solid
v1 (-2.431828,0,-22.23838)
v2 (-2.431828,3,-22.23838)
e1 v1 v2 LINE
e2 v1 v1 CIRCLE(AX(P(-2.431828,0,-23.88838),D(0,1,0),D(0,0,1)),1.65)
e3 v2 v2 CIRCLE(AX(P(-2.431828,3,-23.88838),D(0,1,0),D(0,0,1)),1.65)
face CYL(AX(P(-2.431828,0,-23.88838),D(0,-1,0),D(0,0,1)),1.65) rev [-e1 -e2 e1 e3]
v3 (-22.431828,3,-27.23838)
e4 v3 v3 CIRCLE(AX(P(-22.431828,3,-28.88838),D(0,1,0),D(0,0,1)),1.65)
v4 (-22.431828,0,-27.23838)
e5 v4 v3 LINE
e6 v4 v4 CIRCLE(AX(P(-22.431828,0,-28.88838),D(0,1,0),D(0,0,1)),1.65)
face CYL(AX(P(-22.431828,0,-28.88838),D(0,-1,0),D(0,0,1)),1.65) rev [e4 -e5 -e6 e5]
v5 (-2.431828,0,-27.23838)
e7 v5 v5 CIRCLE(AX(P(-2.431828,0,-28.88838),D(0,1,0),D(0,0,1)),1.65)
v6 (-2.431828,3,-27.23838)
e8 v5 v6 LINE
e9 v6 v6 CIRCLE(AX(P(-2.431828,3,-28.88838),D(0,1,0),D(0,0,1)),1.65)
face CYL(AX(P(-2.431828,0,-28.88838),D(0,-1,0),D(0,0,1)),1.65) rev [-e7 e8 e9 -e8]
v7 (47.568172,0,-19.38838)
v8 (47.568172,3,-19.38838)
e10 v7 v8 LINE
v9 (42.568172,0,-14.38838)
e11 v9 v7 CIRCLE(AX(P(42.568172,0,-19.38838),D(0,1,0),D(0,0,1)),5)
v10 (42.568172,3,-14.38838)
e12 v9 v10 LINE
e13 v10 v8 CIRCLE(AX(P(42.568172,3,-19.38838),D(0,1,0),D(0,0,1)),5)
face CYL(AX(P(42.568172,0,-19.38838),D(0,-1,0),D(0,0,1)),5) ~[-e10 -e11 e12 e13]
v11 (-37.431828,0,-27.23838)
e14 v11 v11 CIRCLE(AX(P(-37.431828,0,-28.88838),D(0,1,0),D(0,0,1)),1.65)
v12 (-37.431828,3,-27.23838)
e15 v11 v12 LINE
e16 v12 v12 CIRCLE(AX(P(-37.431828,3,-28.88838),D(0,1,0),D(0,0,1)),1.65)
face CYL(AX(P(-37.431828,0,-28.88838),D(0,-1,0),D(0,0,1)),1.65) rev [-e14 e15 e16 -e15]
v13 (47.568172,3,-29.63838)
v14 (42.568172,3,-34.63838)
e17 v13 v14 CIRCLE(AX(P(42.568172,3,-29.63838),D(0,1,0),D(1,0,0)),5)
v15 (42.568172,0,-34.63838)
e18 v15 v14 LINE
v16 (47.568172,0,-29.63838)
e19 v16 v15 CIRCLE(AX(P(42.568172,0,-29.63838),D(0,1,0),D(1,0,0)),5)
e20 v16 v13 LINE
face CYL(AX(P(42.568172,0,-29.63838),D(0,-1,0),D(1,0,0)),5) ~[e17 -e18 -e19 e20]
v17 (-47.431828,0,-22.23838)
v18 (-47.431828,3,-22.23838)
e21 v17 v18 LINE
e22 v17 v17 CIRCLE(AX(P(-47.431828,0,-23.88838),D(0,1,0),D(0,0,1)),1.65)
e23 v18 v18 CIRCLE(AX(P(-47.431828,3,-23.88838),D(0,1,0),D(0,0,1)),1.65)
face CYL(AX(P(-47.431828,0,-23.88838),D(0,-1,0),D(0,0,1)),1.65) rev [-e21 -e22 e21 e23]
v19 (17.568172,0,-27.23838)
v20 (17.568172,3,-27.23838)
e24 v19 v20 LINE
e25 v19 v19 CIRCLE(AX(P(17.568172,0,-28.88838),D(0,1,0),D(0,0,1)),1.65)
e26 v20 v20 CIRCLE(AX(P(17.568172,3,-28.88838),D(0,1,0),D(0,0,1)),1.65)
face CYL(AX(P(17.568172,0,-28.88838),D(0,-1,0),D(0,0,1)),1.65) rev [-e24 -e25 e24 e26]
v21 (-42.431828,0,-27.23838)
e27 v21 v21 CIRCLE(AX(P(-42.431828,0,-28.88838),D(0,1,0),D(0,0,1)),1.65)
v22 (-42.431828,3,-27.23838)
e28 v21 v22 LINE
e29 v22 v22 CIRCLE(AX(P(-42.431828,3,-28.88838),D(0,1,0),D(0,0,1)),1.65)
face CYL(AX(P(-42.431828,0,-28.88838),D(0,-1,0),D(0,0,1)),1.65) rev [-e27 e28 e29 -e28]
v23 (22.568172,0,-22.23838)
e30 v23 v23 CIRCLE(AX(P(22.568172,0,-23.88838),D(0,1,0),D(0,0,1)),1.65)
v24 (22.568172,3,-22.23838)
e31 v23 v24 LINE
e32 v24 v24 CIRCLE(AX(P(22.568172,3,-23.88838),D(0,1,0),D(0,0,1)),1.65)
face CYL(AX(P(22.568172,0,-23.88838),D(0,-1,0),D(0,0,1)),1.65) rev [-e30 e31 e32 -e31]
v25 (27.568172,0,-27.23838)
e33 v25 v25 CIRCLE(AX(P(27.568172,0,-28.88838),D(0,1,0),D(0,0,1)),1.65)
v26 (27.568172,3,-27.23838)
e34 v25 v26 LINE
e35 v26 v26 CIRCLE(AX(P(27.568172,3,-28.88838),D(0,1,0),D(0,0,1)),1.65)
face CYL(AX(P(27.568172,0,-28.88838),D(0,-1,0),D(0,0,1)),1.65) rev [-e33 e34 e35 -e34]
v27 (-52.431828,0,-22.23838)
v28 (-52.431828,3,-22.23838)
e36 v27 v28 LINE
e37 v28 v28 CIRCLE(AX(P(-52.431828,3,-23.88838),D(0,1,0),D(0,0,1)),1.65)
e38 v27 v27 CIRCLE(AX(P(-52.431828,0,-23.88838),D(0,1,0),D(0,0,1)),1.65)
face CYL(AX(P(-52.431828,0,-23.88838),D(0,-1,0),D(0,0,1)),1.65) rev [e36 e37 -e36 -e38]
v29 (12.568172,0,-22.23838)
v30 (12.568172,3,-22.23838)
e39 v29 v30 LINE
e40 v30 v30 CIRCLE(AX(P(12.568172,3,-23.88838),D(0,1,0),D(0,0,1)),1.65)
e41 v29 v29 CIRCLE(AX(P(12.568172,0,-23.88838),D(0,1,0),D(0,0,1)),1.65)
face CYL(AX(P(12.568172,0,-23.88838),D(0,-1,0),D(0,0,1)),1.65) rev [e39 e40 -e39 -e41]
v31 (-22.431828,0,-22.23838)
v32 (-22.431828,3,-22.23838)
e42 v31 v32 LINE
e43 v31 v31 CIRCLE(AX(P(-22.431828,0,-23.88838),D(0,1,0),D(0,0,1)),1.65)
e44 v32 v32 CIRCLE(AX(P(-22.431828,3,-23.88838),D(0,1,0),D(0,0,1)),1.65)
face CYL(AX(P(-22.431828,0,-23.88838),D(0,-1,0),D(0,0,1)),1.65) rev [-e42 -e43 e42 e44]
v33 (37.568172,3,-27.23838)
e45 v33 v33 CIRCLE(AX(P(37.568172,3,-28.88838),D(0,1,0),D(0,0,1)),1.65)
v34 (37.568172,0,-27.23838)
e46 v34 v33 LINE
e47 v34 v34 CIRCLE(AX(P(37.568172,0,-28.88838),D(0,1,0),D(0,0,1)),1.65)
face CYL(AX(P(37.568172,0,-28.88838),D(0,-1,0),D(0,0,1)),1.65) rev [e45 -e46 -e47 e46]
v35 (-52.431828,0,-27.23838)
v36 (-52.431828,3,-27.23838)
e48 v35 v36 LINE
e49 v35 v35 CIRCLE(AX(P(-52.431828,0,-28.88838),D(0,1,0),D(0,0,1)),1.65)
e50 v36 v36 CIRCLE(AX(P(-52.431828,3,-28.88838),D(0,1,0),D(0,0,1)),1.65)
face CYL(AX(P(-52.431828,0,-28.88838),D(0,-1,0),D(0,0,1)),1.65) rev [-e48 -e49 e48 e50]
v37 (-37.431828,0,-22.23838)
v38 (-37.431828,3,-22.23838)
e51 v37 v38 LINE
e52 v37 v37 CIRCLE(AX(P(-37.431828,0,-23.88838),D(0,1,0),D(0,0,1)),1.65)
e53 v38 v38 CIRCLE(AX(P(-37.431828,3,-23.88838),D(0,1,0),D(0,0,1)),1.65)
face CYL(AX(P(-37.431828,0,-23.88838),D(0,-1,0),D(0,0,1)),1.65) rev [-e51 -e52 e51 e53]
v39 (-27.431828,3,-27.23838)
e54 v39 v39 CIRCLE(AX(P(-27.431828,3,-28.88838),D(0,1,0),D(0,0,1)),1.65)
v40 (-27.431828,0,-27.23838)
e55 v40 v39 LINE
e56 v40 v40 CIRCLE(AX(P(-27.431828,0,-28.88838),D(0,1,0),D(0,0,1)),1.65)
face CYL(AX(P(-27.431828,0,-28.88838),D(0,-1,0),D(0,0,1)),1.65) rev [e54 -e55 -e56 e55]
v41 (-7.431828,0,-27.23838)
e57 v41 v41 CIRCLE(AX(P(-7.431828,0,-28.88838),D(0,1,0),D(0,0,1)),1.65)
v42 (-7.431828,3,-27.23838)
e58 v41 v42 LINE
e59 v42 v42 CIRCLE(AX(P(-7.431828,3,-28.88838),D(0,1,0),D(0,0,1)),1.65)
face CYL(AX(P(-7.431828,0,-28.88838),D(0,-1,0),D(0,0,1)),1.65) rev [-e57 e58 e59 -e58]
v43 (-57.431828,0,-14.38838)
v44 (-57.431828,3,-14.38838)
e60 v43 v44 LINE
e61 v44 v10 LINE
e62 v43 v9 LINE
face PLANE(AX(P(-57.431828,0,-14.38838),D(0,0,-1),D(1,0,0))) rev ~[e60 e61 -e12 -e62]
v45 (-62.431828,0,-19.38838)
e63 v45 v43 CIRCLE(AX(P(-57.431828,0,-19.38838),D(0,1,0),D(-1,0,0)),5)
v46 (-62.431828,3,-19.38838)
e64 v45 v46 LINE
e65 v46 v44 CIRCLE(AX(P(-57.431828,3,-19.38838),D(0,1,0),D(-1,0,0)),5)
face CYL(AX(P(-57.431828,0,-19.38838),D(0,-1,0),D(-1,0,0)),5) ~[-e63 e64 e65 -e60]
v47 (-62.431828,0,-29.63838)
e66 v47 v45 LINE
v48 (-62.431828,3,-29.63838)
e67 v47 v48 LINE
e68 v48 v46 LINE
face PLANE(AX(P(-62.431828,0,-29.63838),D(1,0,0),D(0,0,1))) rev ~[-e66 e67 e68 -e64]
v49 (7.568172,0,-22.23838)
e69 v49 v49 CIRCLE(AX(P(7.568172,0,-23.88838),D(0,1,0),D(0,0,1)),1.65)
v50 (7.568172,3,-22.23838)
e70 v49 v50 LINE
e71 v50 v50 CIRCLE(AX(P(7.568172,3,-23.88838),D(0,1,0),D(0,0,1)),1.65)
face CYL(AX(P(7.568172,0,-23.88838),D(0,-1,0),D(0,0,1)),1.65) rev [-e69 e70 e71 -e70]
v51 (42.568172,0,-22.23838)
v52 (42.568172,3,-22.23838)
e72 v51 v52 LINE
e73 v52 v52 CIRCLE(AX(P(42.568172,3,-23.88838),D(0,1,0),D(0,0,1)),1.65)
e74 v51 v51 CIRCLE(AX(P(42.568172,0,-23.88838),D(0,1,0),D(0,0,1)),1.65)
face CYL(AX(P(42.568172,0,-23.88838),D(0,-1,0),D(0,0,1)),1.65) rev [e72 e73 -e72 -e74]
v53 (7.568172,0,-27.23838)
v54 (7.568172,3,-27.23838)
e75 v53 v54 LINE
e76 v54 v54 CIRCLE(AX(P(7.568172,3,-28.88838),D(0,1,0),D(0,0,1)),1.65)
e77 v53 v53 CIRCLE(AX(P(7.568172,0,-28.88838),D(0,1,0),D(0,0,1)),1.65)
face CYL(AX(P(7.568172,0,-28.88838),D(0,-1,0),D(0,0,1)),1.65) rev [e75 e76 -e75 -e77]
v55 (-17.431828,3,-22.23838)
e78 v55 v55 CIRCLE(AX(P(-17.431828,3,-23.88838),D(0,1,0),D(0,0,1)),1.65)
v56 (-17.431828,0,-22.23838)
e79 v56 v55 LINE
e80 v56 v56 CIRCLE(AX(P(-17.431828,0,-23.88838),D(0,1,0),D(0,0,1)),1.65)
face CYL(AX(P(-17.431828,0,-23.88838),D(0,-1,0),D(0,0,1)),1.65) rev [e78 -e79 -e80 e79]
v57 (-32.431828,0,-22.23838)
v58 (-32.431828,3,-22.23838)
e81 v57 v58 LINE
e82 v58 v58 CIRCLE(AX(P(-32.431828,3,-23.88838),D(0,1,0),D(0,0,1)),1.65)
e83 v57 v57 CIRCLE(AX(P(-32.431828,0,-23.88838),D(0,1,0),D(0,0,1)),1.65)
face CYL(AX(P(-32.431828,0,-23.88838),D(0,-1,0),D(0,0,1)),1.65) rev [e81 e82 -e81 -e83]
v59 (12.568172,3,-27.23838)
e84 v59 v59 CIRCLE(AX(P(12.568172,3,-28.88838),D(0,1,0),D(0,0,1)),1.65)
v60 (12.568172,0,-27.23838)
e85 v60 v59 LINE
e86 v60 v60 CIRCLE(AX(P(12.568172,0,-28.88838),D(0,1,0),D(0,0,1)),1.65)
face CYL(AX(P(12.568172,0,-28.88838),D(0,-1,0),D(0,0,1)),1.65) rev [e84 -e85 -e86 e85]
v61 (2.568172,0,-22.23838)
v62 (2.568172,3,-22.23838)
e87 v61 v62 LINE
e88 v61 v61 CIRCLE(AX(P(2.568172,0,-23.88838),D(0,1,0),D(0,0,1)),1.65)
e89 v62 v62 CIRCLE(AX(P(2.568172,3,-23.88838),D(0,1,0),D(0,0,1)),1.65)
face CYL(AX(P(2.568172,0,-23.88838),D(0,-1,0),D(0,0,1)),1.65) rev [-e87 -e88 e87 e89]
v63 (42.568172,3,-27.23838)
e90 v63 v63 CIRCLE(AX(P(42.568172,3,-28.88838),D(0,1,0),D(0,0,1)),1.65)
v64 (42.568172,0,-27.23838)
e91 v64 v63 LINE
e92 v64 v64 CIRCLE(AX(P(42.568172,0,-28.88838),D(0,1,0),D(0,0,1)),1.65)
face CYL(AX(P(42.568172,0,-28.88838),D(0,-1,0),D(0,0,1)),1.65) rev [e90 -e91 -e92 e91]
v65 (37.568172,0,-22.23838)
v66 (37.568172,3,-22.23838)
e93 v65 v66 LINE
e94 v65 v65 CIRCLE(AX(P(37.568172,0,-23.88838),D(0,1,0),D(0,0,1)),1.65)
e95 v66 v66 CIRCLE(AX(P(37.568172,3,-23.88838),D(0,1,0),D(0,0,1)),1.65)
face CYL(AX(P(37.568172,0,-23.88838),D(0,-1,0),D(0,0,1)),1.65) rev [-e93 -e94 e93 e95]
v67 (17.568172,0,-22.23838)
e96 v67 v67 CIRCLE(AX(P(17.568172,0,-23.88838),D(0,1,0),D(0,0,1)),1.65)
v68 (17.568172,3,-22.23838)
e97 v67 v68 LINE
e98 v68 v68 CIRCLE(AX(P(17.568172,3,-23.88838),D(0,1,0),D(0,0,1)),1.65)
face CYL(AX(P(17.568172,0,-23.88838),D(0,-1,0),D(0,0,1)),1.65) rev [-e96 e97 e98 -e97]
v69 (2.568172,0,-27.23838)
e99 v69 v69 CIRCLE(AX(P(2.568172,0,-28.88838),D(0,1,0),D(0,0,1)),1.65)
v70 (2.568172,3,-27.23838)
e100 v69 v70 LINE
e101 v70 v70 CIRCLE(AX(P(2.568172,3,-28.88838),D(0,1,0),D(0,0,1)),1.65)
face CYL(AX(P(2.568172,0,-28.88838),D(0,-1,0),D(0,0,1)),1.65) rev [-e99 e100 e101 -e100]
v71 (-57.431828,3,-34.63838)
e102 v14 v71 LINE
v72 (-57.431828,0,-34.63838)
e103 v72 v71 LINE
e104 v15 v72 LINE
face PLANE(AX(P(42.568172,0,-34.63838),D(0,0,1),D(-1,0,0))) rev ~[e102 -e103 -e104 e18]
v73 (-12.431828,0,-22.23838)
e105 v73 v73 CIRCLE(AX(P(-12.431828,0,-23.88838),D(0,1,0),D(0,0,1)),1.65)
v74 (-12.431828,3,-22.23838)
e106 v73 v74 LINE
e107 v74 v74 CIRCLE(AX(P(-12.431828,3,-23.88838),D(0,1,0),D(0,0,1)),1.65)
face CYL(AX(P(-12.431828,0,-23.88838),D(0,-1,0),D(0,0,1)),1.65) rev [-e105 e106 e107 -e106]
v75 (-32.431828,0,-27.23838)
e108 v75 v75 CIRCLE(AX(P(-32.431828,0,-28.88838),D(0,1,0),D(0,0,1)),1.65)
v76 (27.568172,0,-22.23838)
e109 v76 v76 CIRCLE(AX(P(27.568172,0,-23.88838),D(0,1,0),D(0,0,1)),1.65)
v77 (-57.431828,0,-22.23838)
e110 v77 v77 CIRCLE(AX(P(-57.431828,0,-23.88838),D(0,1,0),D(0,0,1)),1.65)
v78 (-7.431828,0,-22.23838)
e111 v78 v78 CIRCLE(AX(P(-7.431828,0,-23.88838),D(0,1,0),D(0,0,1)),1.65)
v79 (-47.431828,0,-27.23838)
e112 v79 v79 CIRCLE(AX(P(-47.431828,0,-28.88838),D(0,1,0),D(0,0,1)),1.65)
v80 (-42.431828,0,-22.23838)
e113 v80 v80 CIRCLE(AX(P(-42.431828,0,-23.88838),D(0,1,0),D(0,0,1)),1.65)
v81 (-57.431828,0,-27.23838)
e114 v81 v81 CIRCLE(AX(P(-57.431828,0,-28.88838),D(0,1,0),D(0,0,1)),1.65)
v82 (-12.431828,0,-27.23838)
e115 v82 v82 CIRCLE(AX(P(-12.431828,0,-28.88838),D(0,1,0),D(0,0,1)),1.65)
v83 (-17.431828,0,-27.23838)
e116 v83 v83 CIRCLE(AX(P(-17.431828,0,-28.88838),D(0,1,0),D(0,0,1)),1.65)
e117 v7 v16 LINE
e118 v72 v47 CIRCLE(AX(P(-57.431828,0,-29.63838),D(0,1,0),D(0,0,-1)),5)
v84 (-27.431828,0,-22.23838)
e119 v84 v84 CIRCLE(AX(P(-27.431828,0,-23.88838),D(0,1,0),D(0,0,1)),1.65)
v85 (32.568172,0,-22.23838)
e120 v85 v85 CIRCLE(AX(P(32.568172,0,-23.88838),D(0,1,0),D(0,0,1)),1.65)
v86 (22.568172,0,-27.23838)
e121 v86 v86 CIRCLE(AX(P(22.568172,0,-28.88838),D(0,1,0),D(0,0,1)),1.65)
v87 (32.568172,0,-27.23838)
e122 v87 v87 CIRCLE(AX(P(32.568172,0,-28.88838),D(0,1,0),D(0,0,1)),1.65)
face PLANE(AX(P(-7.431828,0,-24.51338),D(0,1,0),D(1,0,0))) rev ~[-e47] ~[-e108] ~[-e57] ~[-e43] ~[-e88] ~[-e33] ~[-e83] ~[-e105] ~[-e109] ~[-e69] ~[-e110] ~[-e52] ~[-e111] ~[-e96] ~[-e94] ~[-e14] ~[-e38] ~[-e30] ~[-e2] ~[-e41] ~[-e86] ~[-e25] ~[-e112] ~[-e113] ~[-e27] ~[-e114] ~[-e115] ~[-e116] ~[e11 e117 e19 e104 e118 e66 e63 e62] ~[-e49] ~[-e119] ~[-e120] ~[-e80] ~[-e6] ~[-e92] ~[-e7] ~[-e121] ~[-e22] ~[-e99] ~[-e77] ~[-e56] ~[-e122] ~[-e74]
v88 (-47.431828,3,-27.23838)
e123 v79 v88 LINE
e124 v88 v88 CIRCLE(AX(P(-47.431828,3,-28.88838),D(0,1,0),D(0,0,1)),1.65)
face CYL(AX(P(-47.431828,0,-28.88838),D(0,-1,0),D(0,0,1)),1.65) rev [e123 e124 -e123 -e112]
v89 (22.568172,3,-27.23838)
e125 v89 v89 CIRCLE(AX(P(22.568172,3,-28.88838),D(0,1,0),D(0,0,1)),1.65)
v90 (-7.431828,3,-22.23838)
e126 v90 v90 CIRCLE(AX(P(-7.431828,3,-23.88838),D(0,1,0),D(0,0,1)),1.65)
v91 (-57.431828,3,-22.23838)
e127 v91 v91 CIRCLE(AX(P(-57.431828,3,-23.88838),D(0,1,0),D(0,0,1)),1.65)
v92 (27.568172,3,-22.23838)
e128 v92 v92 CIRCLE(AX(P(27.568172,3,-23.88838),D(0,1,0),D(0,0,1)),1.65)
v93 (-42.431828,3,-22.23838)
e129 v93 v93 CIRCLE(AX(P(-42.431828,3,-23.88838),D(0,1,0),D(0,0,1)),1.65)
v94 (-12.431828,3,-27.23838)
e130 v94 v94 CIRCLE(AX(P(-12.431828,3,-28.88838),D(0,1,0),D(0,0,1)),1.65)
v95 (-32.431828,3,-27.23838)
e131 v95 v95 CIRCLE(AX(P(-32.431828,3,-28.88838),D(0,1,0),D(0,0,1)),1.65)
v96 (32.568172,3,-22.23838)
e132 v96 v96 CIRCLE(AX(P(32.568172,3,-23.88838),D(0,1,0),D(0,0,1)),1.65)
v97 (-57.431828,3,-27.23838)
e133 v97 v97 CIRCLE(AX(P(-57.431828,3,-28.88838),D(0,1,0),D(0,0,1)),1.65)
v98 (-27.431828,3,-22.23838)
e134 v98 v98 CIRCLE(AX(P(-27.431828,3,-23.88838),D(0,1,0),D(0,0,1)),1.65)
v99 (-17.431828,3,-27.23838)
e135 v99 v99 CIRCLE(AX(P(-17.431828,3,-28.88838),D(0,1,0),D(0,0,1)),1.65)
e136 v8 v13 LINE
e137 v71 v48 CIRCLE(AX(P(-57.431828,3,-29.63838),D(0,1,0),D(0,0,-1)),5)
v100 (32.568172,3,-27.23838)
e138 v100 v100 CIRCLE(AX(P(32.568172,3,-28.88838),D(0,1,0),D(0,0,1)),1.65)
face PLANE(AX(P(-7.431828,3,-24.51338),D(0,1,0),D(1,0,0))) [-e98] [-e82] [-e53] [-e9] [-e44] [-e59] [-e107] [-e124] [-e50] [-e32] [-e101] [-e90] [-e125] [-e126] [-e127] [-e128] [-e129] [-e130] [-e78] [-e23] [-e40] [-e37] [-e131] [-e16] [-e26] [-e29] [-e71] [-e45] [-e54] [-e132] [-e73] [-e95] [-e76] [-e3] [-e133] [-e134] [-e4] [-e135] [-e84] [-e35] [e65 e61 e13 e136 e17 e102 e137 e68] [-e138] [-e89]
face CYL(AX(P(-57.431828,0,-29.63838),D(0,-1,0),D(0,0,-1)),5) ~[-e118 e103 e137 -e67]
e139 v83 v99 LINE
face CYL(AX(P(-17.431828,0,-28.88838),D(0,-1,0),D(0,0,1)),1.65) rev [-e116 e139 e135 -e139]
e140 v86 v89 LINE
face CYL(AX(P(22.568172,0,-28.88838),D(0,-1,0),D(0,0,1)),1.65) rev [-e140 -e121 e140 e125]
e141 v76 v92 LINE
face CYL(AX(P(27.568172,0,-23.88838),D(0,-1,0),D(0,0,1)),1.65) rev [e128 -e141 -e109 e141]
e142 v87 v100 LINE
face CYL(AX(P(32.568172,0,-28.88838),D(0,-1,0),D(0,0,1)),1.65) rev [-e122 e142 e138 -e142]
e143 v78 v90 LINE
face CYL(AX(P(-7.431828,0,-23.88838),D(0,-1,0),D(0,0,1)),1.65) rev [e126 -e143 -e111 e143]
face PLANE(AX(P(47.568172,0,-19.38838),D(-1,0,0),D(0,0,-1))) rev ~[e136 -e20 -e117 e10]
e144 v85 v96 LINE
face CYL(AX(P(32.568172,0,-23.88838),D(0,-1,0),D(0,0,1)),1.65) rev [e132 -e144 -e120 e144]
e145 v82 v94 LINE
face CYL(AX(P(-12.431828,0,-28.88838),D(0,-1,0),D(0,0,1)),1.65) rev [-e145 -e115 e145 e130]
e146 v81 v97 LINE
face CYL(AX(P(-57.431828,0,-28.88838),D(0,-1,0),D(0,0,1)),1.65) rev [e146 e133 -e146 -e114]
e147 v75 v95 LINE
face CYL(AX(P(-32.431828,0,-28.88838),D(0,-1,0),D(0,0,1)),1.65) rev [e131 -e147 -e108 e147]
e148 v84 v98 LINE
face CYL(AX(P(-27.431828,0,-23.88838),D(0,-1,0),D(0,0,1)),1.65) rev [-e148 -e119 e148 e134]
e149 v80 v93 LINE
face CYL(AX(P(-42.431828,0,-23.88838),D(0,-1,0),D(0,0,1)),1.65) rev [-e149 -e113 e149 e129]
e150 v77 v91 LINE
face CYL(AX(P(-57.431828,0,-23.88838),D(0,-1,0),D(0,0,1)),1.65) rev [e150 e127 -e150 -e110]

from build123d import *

# Parameters (mm, degrees)
SKETCH1_R           = 1.65
BOSS_EXTRUDE1_DEPTH = 3


with BuildPart() as part:
    # Sketch1 → Boss-Extrude1 (new body)
    with BuildSketch(Plane(origin=(0, 0, 0), x_dir=(1, 0, 0), z_dir=(0, 1, 0))):
        with BuildLine():
            Line((-57.431827558, 14.388379565), (42.568172442, 14.388379565))
            ThreePointArc((42.568172442, 14.388379565), (46.103706348, 15.852845659), (47.568172442, 19.388379565))
            Line((47.568172442, 19.388379565), (47.568172442, 29.638379565))
            ThreePointArc((47.568172442, 29.638379565), (46.103706348, 33.173913471), (42.568172442, 34.638379565))
            Line((42.568172442, 34.638379565), (-57.431827558, 34.638379565))
            ThreePointArc((-57.431827558, 34.638379565), (-60.967361464, 33.173913471), (-62.431827558, 29.638379565))
            Line((-62.431827558, 29.638379565), (-62.431827558, 19.388379565))
            ThreePointArc((-62.431827558, 19.388379565), (-60.967361464, 15.852845659), (-57.431827558, 14.388379565))
        make_face()
        with Locations(Location((-57.431827558, 28.888379565, 0), (0, 0, 270))):
            Circle(SKETCH1_R, mode=Mode.SUBTRACT)
        with Locations(Location((-52.431827558, 28.888379565, 0), (0, 0, 270))):
            Circle(SKETCH1_R, mode=Mode.SUBTRACT)
        with Locations(Location((-47.431827558, 28.888379565, 0), (0, 0, 270))):
            Circle(SKETCH1_R, mode=Mode.SUBTRACT)
        with Locations(Location((-42.431827558, 28.888379565, 0), (0, 0, 270))):
            Circle(SKETCH1_R, mode=Mode.SUBTRACT)
        with Locations(Location((-37.431827558, 28.888379565, 0), (0, 0, 270))):
            Circle(SKETCH1_R, mode=Mode.SUBTRACT)
        with Locations(Location((-32.431827558, 28.888379565, 0), (0, 0, 270))):
            Circle(SKETCH1_R, mode=Mode.SUBTRACT)
        with Locations(Location((-27.431827558, 28.888379565, 0), (0, 0, 270))):
            Circle(SKETCH1_R, mode=Mode.SUBTRACT)
        with Locations(Location((-22.431827558, 28.888379565, 0), (0, 0, 270))):
            Circle(SKETCH1_R, mode=Mode.SUBTRACT)
        with Locations(Location((-17.431827558, 28.888379565, 0), (0, 0, 270))):
            Circle(SKETCH1_R, mode=Mode.SUBTRACT)
        with Locations(Location((-12.431827558, 28.888379565, 0), (0, 0, 270))):
            Circle(SKETCH1_R, mode=Mode.SUBTRACT)
        with Locations(Location((-7.431827558, 28.888379565, 0), (0, 0, 270))):
            Circle(SKETCH1_R, mode=Mode.SUBTRACT)
        with Locations(Location((-2.431827558, 28.888379565, 0), (0, 0, 270))):
            Circle(SKETCH1_R, mode=Mode.SUBTRACT)
        with Locations(Location((2.568172442, 28.888379565, 0), (0, 0, 270))):
            Circle(SKETCH1_R, mode=Mode.SUBTRACT)
        with Locations(Location((7.568172442, 28.888379565, 0), (0, 0, 270))):
            Circle(SKETCH1_R, mode=Mode.SUBTRACT)
        with Locations(Location((12.568172442, 28.888379565, 0), (0, 0, 270))):
            Circle(SKETCH1_R, mode=Mode.SUBTRACT)
        with Locations(Location((17.568172442, 28.888379565, 0), (0, 0, 270))):
            Circle(SKETCH1_R, mode=Mode.SUBTRACT)
        with Locations(Location((22.568172442, 28.888379565, 0), (0, 0, 270))):
            Circle(SKETCH1_R, mode=Mode.SUBTRACT)
        with Locations(Location((27.568172442, 28.888379565, 0), (0, 0, 270))):
            Circle(SKETCH1_R, mode=Mode.SUBTRACT)
        with Locations(Location((32.568172442, 28.888379565, 0), (0, 0, 270))):
            Circle(SKETCH1_R, mode=Mode.SUBTRACT)
        with Locations(Location((37.568172442, 28.888379565, 0), (0, 0, 270))):
            Circle(SKETCH1_R, mode=Mode.SUBTRACT)
        with Locations(Location((42.568172442, 28.888379565, 0), (0, 0, 270))):
            Circle(SKETCH1_R, mode=Mode.SUBTRACT)
        with Locations(Location((-52.431827558, 23.888379565, 0), (0, 0, 270))):
            Circle(SKETCH1_R, mode=Mode.SUBTRACT)
        with Locations(Location((-47.431827558, 23.888379565, 0), (0, 0, 270))):
            Circle(SKETCH1_R, mode=Mode.SUBTRACT)
        with Locations(Location((-42.431827558, 23.888379565, 0), (0, 0, 270))):
            Circle(SKETCH1_R, mode=Mode.SUBTRACT)
        with Locations(Location((-37.431827558, 23.888379565, 0), (0, 0, 270))):
            Circle(SKETCH1_R, mode=Mode.SUBTRACT)
        with Locations(Location((-32.431827558, 23.888379565, 0), (0, 0, 270))):
            Circle(SKETCH1_R, mode=Mode.SUBTRACT)
        with Locations(Location((-27.431827558, 23.888379565, 0), (0, 0, 270))):
            Circle(SKETCH1_R, mode=Mode.SUBTRACT)
        with Locations(Location((-22.431827558, 23.888379565, 0), (0, 0, 270))):
            Circle(SKETCH1_R, mode=Mode.SUBTRACT)
        with Locations(Location((-17.431827558, 23.888379565, 0), (0, 0, 270))):
            Circle(SKETCH1_R, mode=Mode.SUBTRACT)
        with Locations(Location((-12.431827558, 23.888379565, 0), (0, 0, 270))):
            Circle(SKETCH1_R, mode=Mode.SUBTRACT)
        with Locations(Location((-7.431827558, 23.888379565, 0), (0, 0, 270))):
            Circle(SKETCH1_R, mode=Mode.SUBTRACT)
        with Locations(Location((-2.431827558, 23.888379565, 0), (0, 0, 270))):
            Circle(SKETCH1_R, mode=Mode.SUBTRACT)
        with Locations(Location((2.568172442, 23.888379565, 0), (0, 0, 270))):
            Circle(SKETCH1_R, mode=Mode.SUBTRACT)
        with Locations(Location((7.568172442, 23.888379565, 0), (0, 0, 270))):
            Circle(SKETCH1_R, mode=Mode.SUBTRACT)
        with Locations(Location((12.568172442, 23.888379565, 0), (0, 0, 270))):
            Circle(SKETCH1_R, mode=Mode.SUBTRACT)
        with Locations(Location((17.568172442, 23.888379565, 0), (0, 0, 270))):
            Circle(SKETCH1_R, mode=Mode.SUBTRACT)
        with Locations(Location((22.568172442, 23.888379565, 0), (0, 0, 270))):
            Circle(SKETCH1_R, mode=Mode.SUBTRACT)
        with Locations(Location((27.568172442, 23.888379565, 0), (0, 0, 270))):
            Circle(SKETCH1_R, mode=Mode.SUBTRACT)
        with Locations(Location((32.568172442, 23.888379565, 0), (0, 0, 270))):
            Circle(SKETCH1_R, mode=Mode.SUBTRACT)
        with Locations(Location((37.568172442, 23.888379565, 0), (0, 0, 270))):
            Circle(SKETCH1_R, mode=Mode.SUBTRACT)
        with Locations(Location((42.568172442, 23.888379565, 0), (0, 0, 270))):
            Circle(SKETCH1_R, mode=Mode.SUBTRACT)
        with Locations(Location((-57.431827558, 23.888379565, 0), (0, 0, 270))):
            Circle(SKETCH1_R, mode=Mode.SUBTRACT)
    extrude(amount=BOSS_EXTRUDE1_DEPTH)


solid = part.part
